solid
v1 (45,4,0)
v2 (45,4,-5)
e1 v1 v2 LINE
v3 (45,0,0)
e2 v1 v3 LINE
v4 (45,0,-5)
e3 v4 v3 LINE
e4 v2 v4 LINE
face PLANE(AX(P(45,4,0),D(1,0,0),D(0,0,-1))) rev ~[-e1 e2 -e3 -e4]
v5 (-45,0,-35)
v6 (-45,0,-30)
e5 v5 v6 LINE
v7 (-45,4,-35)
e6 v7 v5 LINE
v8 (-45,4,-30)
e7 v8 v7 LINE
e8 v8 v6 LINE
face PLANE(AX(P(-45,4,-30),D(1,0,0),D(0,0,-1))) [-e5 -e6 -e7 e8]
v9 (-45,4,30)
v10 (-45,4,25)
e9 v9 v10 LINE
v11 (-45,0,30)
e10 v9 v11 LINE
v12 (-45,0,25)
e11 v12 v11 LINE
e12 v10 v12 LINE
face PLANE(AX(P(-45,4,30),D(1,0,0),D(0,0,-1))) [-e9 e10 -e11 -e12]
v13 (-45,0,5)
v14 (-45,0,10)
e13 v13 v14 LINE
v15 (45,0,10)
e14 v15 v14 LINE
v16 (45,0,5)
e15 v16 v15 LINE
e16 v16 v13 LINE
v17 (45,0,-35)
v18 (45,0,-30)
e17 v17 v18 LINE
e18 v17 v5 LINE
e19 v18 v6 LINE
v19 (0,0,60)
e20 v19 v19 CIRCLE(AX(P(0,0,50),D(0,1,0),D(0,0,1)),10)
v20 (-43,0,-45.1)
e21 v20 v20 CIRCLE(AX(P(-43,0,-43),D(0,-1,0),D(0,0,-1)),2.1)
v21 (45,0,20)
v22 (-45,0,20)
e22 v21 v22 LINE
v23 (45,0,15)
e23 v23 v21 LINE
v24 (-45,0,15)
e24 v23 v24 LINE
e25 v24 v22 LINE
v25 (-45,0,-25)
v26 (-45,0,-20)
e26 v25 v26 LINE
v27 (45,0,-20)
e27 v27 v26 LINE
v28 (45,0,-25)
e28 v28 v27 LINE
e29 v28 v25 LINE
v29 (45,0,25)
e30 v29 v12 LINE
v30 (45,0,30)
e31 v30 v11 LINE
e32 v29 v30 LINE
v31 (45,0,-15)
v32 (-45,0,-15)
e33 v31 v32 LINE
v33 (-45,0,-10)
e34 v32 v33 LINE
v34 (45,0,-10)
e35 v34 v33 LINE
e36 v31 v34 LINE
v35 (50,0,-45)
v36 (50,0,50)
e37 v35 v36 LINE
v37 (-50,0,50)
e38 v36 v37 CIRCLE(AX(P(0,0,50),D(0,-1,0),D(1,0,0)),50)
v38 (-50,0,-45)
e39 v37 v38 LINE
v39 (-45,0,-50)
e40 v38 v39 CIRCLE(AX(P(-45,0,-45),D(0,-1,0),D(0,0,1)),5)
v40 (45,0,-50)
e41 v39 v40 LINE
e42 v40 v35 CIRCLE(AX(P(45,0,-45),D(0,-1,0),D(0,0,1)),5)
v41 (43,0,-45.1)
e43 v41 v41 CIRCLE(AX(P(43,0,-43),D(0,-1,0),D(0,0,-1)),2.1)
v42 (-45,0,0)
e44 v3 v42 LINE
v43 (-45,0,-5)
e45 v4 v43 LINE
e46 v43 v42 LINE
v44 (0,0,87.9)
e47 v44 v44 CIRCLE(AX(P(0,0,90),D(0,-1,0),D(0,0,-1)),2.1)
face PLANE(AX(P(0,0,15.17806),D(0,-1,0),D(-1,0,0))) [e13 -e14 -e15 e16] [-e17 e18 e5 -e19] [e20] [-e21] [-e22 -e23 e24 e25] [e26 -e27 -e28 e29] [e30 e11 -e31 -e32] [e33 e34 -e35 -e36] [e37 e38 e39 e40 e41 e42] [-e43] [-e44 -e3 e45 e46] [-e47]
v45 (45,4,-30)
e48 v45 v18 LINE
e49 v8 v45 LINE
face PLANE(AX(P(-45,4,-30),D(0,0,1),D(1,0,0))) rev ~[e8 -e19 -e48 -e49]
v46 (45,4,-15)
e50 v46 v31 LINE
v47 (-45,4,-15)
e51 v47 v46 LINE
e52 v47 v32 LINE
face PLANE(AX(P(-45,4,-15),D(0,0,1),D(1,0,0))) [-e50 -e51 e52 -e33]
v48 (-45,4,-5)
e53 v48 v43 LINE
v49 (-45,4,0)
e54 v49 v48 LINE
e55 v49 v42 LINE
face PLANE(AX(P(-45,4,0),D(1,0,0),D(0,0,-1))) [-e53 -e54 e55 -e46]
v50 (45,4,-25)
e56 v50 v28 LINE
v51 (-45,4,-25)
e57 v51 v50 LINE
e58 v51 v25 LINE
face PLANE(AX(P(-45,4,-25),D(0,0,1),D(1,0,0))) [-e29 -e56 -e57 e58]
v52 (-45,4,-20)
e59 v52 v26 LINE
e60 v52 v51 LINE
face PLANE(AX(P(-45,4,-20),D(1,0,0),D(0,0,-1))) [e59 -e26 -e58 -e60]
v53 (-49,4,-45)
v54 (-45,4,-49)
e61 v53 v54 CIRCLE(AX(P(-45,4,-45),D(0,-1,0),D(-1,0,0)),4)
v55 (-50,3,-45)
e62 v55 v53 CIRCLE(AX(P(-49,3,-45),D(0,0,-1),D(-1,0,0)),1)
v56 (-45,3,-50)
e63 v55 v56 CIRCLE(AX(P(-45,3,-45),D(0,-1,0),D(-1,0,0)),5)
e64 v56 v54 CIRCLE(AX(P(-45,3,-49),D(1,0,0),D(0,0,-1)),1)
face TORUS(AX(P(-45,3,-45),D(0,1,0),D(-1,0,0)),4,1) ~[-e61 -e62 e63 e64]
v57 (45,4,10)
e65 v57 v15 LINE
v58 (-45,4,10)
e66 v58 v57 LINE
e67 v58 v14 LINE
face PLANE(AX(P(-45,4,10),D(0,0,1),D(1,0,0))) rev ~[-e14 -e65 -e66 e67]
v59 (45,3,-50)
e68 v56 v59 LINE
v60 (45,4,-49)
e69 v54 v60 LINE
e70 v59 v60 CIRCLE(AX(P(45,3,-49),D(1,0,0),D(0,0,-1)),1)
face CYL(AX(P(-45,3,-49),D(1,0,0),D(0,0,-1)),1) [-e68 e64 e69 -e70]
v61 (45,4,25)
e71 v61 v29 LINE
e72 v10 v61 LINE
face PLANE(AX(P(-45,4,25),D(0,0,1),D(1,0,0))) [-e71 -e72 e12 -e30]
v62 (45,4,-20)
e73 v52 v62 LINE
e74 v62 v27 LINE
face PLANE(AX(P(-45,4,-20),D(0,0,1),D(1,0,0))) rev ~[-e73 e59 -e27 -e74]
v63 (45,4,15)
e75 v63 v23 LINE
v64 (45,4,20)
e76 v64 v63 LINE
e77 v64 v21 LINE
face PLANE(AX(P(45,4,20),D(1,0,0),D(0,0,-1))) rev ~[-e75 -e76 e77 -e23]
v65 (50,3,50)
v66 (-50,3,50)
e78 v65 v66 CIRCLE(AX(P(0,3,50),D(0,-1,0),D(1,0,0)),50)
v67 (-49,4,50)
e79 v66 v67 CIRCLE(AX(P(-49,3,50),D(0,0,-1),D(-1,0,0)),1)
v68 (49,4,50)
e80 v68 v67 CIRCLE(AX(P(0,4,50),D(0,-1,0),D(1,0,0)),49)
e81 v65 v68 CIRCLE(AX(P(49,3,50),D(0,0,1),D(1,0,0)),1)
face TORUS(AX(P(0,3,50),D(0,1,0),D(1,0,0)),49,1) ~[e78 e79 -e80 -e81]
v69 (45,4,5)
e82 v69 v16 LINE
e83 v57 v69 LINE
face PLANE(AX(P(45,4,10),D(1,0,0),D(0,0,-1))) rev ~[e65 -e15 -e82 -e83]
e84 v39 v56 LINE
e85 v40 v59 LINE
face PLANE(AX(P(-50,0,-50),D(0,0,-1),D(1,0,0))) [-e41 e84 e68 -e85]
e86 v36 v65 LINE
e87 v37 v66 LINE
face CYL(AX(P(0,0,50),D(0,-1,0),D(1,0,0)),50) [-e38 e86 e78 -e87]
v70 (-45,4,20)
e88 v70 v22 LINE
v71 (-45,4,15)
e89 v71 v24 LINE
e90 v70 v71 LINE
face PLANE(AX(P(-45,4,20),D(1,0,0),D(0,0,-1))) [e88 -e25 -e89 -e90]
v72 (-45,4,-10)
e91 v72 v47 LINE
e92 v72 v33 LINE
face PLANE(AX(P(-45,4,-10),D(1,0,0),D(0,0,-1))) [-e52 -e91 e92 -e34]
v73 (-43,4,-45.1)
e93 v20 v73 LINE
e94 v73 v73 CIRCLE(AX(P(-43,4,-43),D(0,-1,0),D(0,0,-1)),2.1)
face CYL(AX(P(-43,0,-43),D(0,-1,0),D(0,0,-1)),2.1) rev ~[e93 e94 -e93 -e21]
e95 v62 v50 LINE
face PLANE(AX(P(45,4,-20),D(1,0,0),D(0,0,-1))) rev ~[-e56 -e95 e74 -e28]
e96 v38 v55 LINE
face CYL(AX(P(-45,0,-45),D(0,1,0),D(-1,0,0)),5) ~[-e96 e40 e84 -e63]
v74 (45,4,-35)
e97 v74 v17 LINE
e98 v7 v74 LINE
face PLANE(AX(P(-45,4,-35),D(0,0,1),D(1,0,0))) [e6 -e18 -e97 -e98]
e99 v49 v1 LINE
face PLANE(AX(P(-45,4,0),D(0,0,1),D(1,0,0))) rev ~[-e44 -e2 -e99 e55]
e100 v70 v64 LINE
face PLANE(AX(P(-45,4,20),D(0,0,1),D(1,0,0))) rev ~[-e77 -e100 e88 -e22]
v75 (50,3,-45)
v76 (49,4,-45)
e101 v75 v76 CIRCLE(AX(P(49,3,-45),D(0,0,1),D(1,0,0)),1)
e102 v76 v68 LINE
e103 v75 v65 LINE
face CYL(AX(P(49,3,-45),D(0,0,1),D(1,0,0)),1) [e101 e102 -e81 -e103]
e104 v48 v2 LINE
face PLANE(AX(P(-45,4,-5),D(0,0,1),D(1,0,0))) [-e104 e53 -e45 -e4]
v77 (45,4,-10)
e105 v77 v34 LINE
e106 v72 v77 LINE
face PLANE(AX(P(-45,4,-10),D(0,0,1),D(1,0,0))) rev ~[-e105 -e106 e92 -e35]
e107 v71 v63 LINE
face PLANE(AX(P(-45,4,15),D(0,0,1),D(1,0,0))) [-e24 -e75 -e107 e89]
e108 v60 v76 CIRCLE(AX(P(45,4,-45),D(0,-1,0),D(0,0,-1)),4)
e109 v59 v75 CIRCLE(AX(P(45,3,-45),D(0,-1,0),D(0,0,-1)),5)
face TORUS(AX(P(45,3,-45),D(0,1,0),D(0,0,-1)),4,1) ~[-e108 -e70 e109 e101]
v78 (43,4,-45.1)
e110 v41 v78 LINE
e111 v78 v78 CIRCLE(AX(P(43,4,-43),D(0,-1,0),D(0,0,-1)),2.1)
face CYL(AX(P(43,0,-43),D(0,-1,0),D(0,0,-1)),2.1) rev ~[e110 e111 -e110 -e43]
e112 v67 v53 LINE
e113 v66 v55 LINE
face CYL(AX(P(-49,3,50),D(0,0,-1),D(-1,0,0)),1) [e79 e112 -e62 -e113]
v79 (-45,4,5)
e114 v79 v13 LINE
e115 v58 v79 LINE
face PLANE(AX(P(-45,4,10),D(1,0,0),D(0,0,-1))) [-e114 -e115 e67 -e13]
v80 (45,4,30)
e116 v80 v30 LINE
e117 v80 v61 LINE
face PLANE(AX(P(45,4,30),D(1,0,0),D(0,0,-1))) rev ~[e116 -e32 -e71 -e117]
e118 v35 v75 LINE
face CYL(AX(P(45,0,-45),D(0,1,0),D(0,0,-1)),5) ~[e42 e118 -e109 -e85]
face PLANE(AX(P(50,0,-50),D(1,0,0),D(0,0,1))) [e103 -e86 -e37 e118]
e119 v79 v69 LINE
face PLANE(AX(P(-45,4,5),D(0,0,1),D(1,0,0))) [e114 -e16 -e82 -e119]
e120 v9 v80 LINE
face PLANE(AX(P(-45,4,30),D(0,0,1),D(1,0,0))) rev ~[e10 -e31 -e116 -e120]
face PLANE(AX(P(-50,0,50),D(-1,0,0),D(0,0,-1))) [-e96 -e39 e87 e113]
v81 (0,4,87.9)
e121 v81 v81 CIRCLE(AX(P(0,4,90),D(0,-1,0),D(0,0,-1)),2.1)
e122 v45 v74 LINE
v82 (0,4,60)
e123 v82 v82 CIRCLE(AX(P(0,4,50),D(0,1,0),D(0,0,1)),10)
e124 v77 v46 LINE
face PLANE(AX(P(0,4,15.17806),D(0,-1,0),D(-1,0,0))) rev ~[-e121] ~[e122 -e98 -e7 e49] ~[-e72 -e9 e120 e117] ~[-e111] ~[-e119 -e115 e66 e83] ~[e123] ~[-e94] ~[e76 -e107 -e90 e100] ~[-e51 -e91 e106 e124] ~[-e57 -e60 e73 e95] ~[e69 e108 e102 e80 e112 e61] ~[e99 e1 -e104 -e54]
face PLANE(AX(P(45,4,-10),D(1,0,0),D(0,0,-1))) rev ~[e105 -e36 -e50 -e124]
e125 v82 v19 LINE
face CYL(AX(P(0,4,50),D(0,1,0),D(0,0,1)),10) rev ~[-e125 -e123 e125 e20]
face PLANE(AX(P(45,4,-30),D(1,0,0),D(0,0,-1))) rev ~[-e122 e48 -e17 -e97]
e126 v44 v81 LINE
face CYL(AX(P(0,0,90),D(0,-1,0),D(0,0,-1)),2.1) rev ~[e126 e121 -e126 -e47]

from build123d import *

# Parameters (mm, degrees)
EXTRUDE_1_DEPTH     = 4
SKETCH_3_R          = 2.1
CUT_EXTRUDE_1_DEPTH = 4
SKETCH_4_R          = 10
CUT_EXTRUDE_2_DEPTH = 4
SKETCH_5_W          = 90
SKETCH_5_H          = 5
CUT_EXTRUDE_3_DEPTH = 5
FILLET_1_R          = 5
FILLET_2_R          = 1


with BuildPart() as part:
    # 草图2 → 凸台-拉伸1 (new body)
    with BuildSketch(Plane(origin=(0, 0, 0), x_dir=(1, 0, 0), z_dir=(0, 1, 0))):
        with BuildLine():
            Line((-50, -50), (-50, 50))
            Line((-50, 50), (50, 50))
            Line((50, 50), (50, -50))
            ThreePointArc((50, -50), (0, -100), (-50, -50))
        make_face()
    extrude(amount=EXTRUDE_1_DEPTH)

    # 草图3 → 切除-拉伸1 (cut)
    with BuildSketch(Plane.XZ):
        with Locations(Location((0, 90, 0), (0, 0, 270))):
            Circle(SKETCH_3_R)
        with Locations(Location((43, -43, 0), (0, 0, 270))):
            Circle(SKETCH_3_R)
        with Locations(Location((-43, -43, 0), (0, 0, 270))):
            Circle(SKETCH_3_R)
    extrude(amount=-CUT_EXTRUDE_1_DEPTH, mode=Mode.SUBTRACT)

    # 草图4 → 切除-拉伸2 (cut)
    with BuildSketch(Plane(origin=(0, 4, 0), x_dir=(1, 0, 0), z_dir=(0, 1, 0))):
        with Locations(Location((0, -50, 0), (0, 0, 270))):
            Circle(SKETCH_4_R)
    extrude(amount=-CUT_EXTRUDE_2_DEPTH, mode=Mode.SUBTRACT)

    # 草图5 → 切除-拉伸3 (cut)
    with BuildSketch(Plane(origin=(0, 4, 0), x_dir=(1, 0, 0), z_dir=(0, 1, 0))):
        with Locations((0, 32.5)):
            Rectangle(SKETCH_5_W, SKETCH_5_H)
        with Locations((0, 22.5)):
            Rectangle(SKETCH_5_W, SKETCH_5_H)
        with Locations((0, 12.5)):
            Rectangle(SKETCH_5_W, SKETCH_5_H)
        with Locations((0, 2.5)):
            Rectangle(SKETCH_5_W, SKETCH_5_H)
        with Locations((0, -7.5)):
            Rectangle(SKETCH_5_W, SKETCH_5_H)
        with Locations((0, -17.5)):
            Rectangle(SKETCH_5_W, SKETCH_5_H)
        with Locations((0, -27.5)):
            Rectangle(SKETCH_5_W, SKETCH_5_H)
    extrude(amount=-CUT_EXTRUDE_3_DEPTH, mode=Mode.SUBTRACT)

    # 圆角1
    fillet_1_edges = [part.edges().sort_by_distance(p)[0] for p in [
        (-50, 2, -50),
        (50, 2, -50),
    ]]
    fillet(fillet_1_edges, radius=FILLET_1_R)

    # 圆角2
    fillet_2_edges = [part.edges().sort_by_distance(p)[0] for p in [
        (0, 4, 100),
        (0, 4, -50),
        (-50, 4, 2.5),
        (-48.535533906, 4, -48.535533906),
        (48.535533906, 4, -48.535533906),
        (50, 4, 2.5),
    ]]
    fillet(fillet_2_edges, radius=FILLET_2_R)


solid = part.part
